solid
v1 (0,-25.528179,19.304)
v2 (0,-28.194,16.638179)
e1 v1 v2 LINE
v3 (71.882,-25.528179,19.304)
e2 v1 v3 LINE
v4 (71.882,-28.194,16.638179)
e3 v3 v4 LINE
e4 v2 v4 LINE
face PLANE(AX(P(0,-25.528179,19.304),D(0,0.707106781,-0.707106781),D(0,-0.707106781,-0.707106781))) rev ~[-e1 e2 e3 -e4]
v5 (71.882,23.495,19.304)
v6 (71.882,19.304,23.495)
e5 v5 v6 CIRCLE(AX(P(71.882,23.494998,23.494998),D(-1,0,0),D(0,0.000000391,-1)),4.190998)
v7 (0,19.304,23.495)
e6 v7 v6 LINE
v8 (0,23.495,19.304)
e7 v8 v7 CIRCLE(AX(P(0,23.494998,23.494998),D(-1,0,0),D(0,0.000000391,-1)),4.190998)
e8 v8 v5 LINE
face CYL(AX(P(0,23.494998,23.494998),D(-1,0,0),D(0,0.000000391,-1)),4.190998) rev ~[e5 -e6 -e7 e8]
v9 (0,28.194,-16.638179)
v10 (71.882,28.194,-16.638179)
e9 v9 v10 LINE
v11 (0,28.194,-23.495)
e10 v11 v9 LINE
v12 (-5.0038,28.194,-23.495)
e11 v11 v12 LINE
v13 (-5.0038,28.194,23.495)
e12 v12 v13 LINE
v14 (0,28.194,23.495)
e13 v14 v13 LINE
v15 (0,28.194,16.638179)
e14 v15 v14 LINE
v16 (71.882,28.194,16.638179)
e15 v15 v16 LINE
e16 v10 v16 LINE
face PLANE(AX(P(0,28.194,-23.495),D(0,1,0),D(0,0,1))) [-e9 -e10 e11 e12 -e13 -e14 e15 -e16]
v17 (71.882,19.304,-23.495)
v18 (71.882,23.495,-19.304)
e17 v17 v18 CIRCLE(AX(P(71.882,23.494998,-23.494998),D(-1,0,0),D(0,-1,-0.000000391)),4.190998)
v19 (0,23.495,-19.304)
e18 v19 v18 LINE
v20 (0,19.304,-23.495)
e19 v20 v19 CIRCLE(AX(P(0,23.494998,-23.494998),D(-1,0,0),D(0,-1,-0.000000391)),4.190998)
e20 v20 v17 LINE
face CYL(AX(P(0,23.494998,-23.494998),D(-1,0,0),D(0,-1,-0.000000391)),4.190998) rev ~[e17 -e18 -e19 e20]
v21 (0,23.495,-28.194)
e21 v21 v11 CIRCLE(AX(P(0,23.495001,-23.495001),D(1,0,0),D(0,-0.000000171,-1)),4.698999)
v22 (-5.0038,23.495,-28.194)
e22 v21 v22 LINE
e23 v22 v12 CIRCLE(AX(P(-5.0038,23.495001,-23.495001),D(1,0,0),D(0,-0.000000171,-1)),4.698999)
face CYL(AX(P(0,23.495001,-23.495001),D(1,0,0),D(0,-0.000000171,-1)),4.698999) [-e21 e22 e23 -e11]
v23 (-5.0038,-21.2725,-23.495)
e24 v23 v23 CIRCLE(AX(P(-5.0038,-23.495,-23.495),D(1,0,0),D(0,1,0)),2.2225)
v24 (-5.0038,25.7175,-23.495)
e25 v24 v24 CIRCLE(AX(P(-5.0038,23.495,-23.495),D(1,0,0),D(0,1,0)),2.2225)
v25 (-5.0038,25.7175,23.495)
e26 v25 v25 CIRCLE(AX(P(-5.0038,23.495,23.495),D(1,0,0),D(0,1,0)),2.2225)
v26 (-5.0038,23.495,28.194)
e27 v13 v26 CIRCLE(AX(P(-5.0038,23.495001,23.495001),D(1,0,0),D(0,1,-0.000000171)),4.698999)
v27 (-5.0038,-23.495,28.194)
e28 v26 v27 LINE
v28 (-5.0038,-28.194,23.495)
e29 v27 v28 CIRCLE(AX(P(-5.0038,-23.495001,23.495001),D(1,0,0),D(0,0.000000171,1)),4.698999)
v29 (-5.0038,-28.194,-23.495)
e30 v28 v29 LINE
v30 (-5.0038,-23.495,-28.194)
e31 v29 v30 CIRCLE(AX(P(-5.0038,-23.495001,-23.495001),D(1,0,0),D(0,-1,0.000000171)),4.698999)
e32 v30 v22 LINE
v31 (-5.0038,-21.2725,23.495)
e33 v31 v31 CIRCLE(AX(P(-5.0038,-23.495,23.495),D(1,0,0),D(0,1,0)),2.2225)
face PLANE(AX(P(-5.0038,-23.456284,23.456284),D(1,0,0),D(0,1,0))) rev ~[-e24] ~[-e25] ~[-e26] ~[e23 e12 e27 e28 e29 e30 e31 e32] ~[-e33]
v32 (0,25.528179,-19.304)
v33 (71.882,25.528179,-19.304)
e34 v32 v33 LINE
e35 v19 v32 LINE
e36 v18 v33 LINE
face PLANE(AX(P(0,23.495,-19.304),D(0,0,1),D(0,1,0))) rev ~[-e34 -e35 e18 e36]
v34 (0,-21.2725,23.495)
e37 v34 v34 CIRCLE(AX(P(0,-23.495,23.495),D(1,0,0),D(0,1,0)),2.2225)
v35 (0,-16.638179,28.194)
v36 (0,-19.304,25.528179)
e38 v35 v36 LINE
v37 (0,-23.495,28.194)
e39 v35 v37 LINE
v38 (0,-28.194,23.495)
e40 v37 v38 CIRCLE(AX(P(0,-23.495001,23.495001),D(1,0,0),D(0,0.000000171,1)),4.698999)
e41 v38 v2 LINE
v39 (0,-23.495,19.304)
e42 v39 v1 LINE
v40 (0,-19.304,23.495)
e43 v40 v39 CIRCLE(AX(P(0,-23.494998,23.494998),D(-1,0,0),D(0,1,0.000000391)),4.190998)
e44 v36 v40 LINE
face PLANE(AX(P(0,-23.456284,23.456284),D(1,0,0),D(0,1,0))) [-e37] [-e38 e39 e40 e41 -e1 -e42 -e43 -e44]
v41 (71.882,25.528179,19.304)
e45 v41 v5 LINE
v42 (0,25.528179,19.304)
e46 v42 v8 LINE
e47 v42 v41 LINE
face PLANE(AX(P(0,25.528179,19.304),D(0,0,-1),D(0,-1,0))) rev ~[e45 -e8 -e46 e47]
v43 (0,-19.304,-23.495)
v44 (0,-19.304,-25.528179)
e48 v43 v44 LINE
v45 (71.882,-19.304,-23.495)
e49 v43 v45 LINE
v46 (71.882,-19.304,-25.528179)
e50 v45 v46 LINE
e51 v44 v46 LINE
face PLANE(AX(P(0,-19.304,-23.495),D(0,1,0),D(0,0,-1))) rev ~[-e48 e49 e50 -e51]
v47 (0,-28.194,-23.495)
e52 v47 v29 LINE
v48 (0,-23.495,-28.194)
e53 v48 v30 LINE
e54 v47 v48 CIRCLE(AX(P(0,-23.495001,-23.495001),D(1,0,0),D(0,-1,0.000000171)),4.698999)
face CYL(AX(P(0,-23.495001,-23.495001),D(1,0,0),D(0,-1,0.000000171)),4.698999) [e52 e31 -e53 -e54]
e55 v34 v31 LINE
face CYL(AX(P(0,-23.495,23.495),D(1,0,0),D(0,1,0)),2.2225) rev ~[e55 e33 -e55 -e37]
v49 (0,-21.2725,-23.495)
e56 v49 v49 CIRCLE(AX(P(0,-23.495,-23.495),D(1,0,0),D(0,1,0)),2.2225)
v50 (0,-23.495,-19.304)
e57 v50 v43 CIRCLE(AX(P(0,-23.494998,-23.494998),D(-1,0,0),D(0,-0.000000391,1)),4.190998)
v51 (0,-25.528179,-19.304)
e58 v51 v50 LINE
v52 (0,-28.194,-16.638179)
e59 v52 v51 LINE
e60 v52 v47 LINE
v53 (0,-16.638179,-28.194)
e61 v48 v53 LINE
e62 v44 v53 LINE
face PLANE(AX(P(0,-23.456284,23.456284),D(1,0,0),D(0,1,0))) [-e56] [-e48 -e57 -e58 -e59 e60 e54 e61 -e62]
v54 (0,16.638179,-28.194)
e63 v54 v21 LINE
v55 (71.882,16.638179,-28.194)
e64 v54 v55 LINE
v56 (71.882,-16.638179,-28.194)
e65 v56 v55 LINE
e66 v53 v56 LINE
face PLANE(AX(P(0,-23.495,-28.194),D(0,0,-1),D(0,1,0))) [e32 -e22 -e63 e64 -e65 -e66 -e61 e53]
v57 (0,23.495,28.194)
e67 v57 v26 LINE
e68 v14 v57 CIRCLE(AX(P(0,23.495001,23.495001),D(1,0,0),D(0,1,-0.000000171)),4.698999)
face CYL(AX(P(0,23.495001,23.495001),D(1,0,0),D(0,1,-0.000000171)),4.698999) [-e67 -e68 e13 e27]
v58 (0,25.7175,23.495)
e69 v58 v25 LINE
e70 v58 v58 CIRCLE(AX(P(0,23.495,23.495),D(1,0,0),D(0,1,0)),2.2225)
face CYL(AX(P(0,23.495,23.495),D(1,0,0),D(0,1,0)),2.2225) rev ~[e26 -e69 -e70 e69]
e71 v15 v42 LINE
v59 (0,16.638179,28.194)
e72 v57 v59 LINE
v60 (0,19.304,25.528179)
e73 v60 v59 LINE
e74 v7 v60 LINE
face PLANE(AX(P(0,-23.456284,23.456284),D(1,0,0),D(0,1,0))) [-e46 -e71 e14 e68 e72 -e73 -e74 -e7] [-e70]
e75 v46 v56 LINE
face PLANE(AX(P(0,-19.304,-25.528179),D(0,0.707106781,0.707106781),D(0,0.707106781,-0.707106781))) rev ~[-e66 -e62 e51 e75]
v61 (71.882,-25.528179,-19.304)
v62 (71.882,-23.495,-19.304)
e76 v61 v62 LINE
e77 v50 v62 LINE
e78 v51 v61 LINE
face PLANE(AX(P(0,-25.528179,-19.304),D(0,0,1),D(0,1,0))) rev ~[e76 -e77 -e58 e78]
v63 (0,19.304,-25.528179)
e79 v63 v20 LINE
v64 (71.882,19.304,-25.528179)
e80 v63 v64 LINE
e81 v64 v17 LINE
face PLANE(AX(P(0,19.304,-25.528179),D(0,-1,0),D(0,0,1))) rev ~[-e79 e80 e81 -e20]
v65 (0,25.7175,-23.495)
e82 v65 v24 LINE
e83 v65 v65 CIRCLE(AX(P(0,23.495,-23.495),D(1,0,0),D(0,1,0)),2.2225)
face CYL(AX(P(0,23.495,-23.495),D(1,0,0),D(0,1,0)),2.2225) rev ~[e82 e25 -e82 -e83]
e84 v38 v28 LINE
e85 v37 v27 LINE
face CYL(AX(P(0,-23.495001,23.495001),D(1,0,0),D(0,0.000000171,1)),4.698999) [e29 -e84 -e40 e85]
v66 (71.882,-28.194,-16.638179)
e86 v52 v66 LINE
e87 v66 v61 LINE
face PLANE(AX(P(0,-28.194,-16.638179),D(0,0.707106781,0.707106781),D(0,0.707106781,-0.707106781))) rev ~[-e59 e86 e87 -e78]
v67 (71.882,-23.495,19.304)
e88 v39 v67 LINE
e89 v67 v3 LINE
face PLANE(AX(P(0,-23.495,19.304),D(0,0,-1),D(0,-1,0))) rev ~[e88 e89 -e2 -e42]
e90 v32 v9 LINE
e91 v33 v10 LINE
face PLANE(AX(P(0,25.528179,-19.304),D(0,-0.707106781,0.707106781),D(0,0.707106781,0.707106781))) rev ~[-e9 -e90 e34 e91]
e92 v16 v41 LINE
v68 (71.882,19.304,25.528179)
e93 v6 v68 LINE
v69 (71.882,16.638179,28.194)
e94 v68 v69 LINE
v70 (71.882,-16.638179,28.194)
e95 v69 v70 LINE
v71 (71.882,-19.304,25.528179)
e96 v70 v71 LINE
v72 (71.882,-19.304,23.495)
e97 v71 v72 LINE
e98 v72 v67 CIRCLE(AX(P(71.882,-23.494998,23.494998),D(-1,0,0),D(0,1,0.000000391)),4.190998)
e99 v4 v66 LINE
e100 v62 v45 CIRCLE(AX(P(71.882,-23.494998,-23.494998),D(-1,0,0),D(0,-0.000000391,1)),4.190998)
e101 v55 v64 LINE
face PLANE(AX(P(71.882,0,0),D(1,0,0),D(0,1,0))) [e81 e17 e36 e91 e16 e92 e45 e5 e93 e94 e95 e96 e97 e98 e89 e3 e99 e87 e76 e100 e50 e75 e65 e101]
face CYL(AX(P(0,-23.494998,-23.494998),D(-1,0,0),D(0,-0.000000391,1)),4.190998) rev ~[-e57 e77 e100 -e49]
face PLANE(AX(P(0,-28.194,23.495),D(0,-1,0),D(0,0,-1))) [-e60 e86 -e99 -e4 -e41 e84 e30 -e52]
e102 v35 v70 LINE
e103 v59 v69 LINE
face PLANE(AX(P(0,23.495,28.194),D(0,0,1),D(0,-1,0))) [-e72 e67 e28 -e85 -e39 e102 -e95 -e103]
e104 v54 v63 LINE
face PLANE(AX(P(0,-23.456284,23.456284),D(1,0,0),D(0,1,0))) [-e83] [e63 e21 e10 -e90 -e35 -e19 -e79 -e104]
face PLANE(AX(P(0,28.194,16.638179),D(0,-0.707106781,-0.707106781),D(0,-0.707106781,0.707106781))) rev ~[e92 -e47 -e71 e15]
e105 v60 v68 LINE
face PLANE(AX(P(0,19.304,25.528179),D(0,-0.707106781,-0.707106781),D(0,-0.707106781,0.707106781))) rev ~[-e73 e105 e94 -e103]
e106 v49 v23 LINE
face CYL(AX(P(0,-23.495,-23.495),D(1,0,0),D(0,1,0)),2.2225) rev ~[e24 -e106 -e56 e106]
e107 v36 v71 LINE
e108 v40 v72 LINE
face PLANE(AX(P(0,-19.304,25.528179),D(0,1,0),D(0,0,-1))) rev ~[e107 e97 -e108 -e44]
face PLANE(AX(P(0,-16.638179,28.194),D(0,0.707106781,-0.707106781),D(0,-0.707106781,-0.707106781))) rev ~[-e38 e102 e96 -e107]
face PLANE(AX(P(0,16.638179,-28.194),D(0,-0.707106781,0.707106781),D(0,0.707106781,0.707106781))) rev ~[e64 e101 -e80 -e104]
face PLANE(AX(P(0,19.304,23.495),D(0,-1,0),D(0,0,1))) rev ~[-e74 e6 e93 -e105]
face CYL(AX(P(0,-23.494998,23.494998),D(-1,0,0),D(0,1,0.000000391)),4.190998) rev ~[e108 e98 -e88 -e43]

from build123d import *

# Parameters (mm, degrees)
F1_DEPTH = 71.882
F0_R     = 2.2225
F2_DEPTH = 5.0038


with BuildPart() as f1:
    # F0 (on Right) → F1 (new body)
    with BuildSketch(Plane.YZ):
        with BuildLine():
            Line((-23.495, 19.304), (-25.528179, 19.304))
            Line((-25.528179, 19.304), (-28.194, 16.638179))
            Line((-28.194, 16.638179), (-28.194, -16.638179))
            Line((-28.194, -16.638179), (-25.528179, -19.304))
            Line((-25.528179, -19.304), (-23.495, -19.304))
            ThreePointArc((-23.495, -19.304), (-20.531515, -20.531515), (-19.304, -23.495))
            Line((-19.304, -23.495), (-19.304, -25.528179))
            Line((-19.304, -25.528179), (-16.638179, -28.194))
            Line((-16.638179, -28.194), (16.638179, -28.194))
            Line((16.638179, -28.194), (19.304, -25.528179))
            Line((19.304, -25.528179), (19.304, -23.495))
            ThreePointArc((19.304, -23.495), (20.531515, -20.531515), (23.495, -19.304))
            Line((23.495, -19.304), (25.528179, -19.304))
            Line((25.528179, -19.304), (28.194, -16.638179))
            Line((28.194, -16.638179), (28.194, 16.638179))
            Line((28.194, 16.638179), (25.528179, 19.304))
            Line((25.528179, 19.304), (23.495, 19.304))
            ThreePointArc((23.495, 19.304), (20.531515, 20.531515), (19.304, 23.495))
            Line((19.304, 23.495), (19.304, 25.528179))
            Line((19.304, 25.528179), (16.638179, 28.194))
            Line((16.638179, 28.194), (-16.638179, 28.194))
            Line((-16.638179, 28.194), (-19.304, 25.528179))
            Line((-19.304, 25.528179), (-19.304, 23.495))
            ThreePointArc((-19.304, 23.495), (-20.531515, 20.531515), (-23.495, 19.304))
        make_face()
    extrude(amount=F1_DEPTH)

    # F0 (on Right) → F2 (join)
    with BuildSketch(Plane.YZ):
        with BuildLine():
            Line((-28.194, 16.638179), (-25.528179, 19.304))
            Line((-25.528179, 19.304), (-23.495, 19.304))
            ThreePointArc((-23.495, 19.304), (-20.531515, 20.531515), (-19.304, 23.495))
            Line((-19.304, 23.495), (-19.304, 25.528179))
            Line((-19.304, 25.528179), (-16.638179, 28.194))
            Line((-16.638179, 28.194), (-23.495, 28.194))
            ThreePointArc((-23.495, 28.194), (-26.817695, 26.817695), (-28.194, 23.495))
            Line((-28.194, 23.495), (-28.194, 16.638179))
        make_face()
        with Locations((-23.495, 23.495)):
            Circle(F0_R, mode=Mode.SUBTRACT)
        with BuildLine():
            Line((-23.495, 19.304), (-25.528179, 19.304))
            Line((-25.528179, 19.304), (-28.194, 16.638179))
            Line((-28.194, 16.638179), (-28.194, -16.638179))
            Line((-28.194, -16.638179), (-25.528179, -19.304))
            Line((-25.528179, -19.304), (-23.495, -19.304))
            ThreePointArc((-23.495, -19.304), (-20.531515, -20.531515), (-19.304, -23.495))
            Line((-19.304, -23.495), (-19.304, -25.528179))
            Line((-19.304, -25.528179), (-16.638179, -28.194))
            Line((-16.638179, -28.194), (16.638179, -28.194))
            Line((16.638179, -28.194), (19.304, -25.528179))
            Line((19.304, -25.528179), (19.304, -23.495))
            ThreePointArc((19.304, -23.495), (20.531515, -20.531515), (23.495, -19.304))
            Line((23.495, -19.304), (25.528179, -19.304))
            Line((25.528179, -19.304), (28.194, -16.638179))
            Line((28.194, -16.638179), (28.194, 16.638179))
            Line((28.194, 16.638179), (25.528179, 19.304))
            Line((25.528179, 19.304), (23.495, 19.304))
            ThreePointArc((23.495, 19.304), (20.531515, 20.531515), (19.304, 23.495))
            Line((19.304, 23.495), (19.304, 25.528179))
            Line((19.304, 25.528179), (16.638179, 28.194))
            Line((16.638179, 28.194), (-16.638179, 28.194))
            Line((-16.638179, 28.194), (-19.304, 25.528179))
            Line((-19.304, 25.528179), (-19.304, 23.495))
            ThreePointArc((-19.304, 23.495), (-20.531515, 20.531515), (-23.495, 19.304))
        make_face()
        with BuildLine():
            Line((-25.528179, -19.304), (-28.194, -16.638179))
            Line((-28.194, -16.638179), (-28.194, -23.495))
            ThreePointArc((-28.194, -23.495), (-26.817695, -26.817695), (-23.495, -28.194))
            Line((-23.495, -28.194), (-16.638179, -28.194))
            Line((-16.638179, -28.194), (-19.304, -25.528179))
            Line((-19.304, -25.528179), (-19.304, -23.495))
            ThreePointArc((-19.304, -23.495), (-20.531515, -20.531515), (-23.495, -19.304))
            Line((-23.495, -19.304), (-25.528179, -19.304))
        make_face()
        with Locations((-23.495, -23.495)):
            Circle(F0_R, mode=Mode.SUBTRACT)
        with BuildLine():
            Line((23.495, 28.194), (16.638179, 28.194))
            Line((16.638179, 28.194), (19.304, 25.528179))
            Line((19.304, 25.528179), (19.304, 23.495))
            ThreePointArc((19.304, 23.495), (20.531515, 20.531515), (23.495, 19.304))
            Line((23.495, 19.304), (25.528179, 19.304))
            Line((25.528179, 19.304), (28.194, 16.638179))
            Line((28.194, 16.638179), (28.194, 23.495))
            ThreePointArc((28.194, 23.495), (26.817695, 26.817695), (23.495, 28.194))
        make_face()
        with Locations((23.495, 23.495)):
            Circle(F0_R, mode=Mode.SUBTRACT)
        with BuildLine():
            Line((19.304, -25.528179), (16.638179, -28.194))
            Line((16.638179, -28.194), (23.495, -28.194))
            ThreePointArc((23.495, -28.194), (26.817695, -26.817695), (28.194, -23.495))
            Line((28.194, -23.495), (28.194, -16.638179))
            Line((28.194, -16.638179), (25.528179, -19.304))
            Line((25.528179, -19.304), (23.495, -19.304))
            ThreePointArc((23.495, -19.304), (20.531515, -20.531515), (19.304, -23.495))
            Line((19.304, -23.495), (19.304, -25.528179))
        make_face()
        with Locations((23.495, -23.495)):
            Circle(F0_R, mode=Mode.SUBTRACT)
    extrude(amount=-F2_DEPTH)


solid = f1.part
